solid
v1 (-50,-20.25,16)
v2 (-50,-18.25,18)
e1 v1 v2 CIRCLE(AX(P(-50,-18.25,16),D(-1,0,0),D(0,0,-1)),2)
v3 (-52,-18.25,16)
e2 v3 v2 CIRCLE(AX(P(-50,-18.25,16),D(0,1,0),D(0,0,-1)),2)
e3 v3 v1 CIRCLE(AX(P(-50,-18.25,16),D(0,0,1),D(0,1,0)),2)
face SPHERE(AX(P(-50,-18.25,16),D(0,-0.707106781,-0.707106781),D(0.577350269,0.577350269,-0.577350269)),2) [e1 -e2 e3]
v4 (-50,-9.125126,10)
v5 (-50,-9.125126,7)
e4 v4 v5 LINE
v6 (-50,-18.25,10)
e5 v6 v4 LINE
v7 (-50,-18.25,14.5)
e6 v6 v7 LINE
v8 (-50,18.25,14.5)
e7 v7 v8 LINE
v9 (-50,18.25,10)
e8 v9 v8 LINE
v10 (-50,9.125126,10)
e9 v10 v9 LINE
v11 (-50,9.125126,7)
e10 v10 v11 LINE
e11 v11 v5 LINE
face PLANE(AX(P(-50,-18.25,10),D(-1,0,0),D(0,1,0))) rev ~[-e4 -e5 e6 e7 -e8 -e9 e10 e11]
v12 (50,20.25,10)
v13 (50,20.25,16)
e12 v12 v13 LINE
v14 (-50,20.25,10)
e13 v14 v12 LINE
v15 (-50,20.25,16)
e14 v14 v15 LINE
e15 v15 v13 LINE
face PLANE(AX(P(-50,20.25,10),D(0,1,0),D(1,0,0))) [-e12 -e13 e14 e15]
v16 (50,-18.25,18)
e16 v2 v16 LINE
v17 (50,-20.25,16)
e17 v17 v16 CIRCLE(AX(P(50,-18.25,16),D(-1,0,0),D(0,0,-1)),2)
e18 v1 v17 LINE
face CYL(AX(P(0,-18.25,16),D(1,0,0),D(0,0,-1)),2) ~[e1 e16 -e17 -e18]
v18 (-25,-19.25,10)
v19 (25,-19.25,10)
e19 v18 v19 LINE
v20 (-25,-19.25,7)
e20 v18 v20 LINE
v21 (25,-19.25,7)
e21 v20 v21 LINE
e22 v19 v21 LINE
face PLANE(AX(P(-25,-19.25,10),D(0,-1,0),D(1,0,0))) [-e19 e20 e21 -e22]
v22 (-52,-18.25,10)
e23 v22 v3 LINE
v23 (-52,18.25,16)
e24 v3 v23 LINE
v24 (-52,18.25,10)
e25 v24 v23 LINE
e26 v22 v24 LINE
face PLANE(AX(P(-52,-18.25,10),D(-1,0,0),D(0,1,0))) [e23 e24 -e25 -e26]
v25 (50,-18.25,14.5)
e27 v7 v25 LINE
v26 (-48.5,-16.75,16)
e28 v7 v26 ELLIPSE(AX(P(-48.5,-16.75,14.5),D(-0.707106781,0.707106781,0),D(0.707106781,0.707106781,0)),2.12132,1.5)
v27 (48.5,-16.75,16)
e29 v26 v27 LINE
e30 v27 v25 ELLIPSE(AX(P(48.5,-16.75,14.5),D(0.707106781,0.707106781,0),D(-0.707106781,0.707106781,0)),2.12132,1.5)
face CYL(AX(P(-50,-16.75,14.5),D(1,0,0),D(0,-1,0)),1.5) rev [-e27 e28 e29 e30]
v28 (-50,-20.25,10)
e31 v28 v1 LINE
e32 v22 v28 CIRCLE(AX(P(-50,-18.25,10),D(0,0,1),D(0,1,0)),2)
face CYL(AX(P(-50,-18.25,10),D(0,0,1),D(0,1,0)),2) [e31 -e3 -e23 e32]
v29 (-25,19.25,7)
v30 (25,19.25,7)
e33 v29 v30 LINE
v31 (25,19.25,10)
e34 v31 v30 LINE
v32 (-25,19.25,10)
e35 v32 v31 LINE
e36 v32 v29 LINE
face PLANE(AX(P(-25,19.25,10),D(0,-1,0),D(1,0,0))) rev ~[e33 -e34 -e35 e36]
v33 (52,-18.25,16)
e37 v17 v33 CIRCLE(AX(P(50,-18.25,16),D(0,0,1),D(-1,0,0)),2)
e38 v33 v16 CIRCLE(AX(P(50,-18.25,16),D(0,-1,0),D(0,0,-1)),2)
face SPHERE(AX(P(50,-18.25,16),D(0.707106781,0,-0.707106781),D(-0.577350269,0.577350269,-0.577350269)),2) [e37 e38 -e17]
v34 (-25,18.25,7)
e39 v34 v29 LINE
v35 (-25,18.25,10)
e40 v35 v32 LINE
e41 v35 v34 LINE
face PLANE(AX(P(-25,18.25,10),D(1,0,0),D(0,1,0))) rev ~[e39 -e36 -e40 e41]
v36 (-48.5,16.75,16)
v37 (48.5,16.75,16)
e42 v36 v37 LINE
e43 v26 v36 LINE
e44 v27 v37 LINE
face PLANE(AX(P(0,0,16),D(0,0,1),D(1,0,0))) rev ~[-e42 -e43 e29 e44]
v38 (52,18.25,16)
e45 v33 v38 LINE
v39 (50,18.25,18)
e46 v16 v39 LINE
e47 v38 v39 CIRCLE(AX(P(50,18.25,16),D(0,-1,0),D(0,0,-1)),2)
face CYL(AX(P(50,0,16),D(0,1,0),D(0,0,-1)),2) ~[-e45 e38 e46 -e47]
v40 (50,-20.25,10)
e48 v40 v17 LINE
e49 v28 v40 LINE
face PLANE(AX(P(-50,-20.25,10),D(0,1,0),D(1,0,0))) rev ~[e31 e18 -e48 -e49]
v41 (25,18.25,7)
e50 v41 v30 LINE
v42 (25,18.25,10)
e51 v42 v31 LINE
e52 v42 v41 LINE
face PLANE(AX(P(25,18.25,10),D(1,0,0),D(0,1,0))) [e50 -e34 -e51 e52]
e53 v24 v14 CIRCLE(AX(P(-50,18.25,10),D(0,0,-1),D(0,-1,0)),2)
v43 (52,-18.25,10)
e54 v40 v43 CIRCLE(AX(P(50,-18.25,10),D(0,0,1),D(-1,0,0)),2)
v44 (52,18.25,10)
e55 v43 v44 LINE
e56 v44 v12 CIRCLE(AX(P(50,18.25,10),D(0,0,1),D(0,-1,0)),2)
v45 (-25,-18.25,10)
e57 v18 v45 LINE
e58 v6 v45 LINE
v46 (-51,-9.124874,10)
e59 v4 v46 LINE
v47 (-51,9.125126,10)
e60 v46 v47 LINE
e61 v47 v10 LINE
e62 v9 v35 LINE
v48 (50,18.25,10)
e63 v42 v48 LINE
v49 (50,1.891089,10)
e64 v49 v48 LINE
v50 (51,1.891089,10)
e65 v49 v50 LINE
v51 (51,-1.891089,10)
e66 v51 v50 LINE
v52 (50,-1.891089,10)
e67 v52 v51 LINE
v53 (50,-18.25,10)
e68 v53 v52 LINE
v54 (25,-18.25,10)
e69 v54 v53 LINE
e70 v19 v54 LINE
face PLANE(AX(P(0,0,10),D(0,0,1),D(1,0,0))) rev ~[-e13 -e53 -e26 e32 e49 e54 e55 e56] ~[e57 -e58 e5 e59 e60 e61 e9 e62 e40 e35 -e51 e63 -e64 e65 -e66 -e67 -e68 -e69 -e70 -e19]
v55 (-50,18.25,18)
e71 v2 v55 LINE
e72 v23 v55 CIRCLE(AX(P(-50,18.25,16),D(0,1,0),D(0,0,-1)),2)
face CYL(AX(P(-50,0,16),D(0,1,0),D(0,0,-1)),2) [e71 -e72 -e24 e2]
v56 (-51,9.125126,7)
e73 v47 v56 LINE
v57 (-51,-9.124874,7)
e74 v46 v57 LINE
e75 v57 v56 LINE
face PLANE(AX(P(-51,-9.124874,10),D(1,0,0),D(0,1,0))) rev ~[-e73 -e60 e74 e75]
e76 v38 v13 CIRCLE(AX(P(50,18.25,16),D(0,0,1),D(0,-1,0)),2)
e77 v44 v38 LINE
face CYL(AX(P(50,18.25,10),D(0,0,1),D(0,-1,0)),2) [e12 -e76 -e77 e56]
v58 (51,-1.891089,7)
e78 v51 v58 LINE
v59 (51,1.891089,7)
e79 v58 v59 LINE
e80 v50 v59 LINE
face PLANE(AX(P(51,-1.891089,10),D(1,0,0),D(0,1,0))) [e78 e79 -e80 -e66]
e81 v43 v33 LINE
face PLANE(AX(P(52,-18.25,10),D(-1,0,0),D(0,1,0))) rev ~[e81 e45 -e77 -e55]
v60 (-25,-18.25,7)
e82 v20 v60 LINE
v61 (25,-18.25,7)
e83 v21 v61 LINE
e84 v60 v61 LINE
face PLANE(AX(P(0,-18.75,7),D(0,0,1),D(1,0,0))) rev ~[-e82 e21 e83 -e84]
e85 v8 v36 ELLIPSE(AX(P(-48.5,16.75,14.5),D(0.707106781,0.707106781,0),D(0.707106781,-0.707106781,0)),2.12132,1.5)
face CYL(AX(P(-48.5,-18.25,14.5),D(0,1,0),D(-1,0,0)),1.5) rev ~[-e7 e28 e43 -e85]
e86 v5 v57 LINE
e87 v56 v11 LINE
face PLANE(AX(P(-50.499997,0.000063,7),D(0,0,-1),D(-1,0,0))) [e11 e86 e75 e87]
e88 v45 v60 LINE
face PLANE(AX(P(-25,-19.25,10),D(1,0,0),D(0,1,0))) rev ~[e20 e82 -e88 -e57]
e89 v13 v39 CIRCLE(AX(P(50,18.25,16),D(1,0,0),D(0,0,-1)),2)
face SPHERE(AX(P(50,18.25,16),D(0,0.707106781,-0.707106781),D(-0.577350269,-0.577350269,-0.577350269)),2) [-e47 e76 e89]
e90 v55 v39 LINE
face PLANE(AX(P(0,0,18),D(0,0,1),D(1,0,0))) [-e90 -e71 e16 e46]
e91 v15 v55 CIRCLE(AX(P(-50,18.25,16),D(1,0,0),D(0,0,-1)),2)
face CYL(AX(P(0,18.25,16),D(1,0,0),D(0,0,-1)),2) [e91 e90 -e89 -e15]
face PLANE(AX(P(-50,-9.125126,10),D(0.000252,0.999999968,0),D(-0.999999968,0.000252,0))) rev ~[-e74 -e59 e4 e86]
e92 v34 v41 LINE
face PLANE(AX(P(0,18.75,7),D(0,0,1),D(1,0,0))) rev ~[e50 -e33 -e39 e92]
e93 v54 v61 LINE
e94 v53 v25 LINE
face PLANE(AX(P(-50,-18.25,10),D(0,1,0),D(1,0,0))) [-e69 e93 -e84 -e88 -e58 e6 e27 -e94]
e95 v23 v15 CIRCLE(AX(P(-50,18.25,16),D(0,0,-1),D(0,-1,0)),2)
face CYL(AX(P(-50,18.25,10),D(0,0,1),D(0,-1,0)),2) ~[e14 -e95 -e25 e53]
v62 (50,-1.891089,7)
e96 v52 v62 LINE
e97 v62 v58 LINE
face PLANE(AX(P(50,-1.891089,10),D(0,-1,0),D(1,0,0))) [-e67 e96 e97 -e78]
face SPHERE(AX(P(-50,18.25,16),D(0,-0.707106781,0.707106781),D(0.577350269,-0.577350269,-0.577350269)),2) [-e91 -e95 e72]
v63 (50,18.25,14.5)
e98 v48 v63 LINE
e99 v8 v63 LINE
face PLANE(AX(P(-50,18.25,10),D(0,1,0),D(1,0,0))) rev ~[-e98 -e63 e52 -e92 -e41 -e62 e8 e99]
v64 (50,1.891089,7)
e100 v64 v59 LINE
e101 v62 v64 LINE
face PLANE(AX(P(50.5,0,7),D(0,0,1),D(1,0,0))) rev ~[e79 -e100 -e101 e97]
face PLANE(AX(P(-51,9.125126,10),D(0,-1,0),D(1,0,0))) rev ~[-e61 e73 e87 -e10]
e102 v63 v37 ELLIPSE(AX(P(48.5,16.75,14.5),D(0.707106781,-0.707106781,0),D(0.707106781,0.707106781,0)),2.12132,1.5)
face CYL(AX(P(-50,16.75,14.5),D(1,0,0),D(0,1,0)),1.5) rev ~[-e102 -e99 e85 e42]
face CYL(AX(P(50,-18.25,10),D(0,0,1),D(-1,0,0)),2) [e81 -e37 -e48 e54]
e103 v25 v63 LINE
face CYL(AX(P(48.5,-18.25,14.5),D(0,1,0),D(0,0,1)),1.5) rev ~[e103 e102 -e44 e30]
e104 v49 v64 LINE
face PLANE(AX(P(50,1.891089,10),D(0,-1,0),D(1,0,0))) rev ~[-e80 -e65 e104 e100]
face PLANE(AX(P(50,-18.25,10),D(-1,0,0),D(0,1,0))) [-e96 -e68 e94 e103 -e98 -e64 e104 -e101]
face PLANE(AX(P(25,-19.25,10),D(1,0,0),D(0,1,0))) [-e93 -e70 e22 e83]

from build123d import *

# Parameters (mm, degrees)
SKETCH014_W    = 100
SKETCH014_H    = 36.5
PAD011_DEPTH   = 6
THICKNESS002_T = 2
SKETCH015_W    = 50
SKETCH015_H    = 1
SKETCH015_W_2  = 1
SKETCH015_H_2  = 3.782178
PAD012_DEPTH   = 3
FILLET004_R    = 1.5


with BuildPart() as part:
    # Sketch014 → Pad011 (new body)
    with BuildSketch(Plane.XY):
        Rectangle(SKETCH014_W, SKETCH014_H)
    extrude(amount=PAD011_DEPTH)

    # Thickness002
    thickness002_openings = [part.faces().sort_by_distance(p)[0] for p in [
        (0, 0, 0),
    ]]
    offset(amount=THICKNESS002_T, openings=thickness002_openings)

    # Sketch015 → Pad012 (join)
    with BuildSketch(Plane.XY):
        with Locations((0, -18.75)):
            Rectangle(SKETCH015_W, SKETCH015_H)
        with Locations((50.5, 0)):
            Rectangle(SKETCH015_W_2, SKETCH015_H_2)
        with Locations((0, 18.75)):
            Rectangle(SKETCH015_W, SKETCH015_H)
        Polygon((-50, -9.125126), (-51, -9.124874), (-51, 9.125126), (-50, 9.125126), align=None)
    extrude(amount=-PAD012_DEPTH)

    # Fillet004
    fillet004_edges = [part.edges().sort_by_distance(p)[0] for p in [
        (0, 18.25, 6),
        (50, 0, 6),
        (0, -18.25, 6),
        (-50, 0, 6),
    ]]
    fillet(fillet004_edges, radius=FILLET004_R)


with BuildPart() as part_1:
    # Body004 placement: moved
    add(part.part.moved(Location((0, 0, 10))))


solid = part_1.part
